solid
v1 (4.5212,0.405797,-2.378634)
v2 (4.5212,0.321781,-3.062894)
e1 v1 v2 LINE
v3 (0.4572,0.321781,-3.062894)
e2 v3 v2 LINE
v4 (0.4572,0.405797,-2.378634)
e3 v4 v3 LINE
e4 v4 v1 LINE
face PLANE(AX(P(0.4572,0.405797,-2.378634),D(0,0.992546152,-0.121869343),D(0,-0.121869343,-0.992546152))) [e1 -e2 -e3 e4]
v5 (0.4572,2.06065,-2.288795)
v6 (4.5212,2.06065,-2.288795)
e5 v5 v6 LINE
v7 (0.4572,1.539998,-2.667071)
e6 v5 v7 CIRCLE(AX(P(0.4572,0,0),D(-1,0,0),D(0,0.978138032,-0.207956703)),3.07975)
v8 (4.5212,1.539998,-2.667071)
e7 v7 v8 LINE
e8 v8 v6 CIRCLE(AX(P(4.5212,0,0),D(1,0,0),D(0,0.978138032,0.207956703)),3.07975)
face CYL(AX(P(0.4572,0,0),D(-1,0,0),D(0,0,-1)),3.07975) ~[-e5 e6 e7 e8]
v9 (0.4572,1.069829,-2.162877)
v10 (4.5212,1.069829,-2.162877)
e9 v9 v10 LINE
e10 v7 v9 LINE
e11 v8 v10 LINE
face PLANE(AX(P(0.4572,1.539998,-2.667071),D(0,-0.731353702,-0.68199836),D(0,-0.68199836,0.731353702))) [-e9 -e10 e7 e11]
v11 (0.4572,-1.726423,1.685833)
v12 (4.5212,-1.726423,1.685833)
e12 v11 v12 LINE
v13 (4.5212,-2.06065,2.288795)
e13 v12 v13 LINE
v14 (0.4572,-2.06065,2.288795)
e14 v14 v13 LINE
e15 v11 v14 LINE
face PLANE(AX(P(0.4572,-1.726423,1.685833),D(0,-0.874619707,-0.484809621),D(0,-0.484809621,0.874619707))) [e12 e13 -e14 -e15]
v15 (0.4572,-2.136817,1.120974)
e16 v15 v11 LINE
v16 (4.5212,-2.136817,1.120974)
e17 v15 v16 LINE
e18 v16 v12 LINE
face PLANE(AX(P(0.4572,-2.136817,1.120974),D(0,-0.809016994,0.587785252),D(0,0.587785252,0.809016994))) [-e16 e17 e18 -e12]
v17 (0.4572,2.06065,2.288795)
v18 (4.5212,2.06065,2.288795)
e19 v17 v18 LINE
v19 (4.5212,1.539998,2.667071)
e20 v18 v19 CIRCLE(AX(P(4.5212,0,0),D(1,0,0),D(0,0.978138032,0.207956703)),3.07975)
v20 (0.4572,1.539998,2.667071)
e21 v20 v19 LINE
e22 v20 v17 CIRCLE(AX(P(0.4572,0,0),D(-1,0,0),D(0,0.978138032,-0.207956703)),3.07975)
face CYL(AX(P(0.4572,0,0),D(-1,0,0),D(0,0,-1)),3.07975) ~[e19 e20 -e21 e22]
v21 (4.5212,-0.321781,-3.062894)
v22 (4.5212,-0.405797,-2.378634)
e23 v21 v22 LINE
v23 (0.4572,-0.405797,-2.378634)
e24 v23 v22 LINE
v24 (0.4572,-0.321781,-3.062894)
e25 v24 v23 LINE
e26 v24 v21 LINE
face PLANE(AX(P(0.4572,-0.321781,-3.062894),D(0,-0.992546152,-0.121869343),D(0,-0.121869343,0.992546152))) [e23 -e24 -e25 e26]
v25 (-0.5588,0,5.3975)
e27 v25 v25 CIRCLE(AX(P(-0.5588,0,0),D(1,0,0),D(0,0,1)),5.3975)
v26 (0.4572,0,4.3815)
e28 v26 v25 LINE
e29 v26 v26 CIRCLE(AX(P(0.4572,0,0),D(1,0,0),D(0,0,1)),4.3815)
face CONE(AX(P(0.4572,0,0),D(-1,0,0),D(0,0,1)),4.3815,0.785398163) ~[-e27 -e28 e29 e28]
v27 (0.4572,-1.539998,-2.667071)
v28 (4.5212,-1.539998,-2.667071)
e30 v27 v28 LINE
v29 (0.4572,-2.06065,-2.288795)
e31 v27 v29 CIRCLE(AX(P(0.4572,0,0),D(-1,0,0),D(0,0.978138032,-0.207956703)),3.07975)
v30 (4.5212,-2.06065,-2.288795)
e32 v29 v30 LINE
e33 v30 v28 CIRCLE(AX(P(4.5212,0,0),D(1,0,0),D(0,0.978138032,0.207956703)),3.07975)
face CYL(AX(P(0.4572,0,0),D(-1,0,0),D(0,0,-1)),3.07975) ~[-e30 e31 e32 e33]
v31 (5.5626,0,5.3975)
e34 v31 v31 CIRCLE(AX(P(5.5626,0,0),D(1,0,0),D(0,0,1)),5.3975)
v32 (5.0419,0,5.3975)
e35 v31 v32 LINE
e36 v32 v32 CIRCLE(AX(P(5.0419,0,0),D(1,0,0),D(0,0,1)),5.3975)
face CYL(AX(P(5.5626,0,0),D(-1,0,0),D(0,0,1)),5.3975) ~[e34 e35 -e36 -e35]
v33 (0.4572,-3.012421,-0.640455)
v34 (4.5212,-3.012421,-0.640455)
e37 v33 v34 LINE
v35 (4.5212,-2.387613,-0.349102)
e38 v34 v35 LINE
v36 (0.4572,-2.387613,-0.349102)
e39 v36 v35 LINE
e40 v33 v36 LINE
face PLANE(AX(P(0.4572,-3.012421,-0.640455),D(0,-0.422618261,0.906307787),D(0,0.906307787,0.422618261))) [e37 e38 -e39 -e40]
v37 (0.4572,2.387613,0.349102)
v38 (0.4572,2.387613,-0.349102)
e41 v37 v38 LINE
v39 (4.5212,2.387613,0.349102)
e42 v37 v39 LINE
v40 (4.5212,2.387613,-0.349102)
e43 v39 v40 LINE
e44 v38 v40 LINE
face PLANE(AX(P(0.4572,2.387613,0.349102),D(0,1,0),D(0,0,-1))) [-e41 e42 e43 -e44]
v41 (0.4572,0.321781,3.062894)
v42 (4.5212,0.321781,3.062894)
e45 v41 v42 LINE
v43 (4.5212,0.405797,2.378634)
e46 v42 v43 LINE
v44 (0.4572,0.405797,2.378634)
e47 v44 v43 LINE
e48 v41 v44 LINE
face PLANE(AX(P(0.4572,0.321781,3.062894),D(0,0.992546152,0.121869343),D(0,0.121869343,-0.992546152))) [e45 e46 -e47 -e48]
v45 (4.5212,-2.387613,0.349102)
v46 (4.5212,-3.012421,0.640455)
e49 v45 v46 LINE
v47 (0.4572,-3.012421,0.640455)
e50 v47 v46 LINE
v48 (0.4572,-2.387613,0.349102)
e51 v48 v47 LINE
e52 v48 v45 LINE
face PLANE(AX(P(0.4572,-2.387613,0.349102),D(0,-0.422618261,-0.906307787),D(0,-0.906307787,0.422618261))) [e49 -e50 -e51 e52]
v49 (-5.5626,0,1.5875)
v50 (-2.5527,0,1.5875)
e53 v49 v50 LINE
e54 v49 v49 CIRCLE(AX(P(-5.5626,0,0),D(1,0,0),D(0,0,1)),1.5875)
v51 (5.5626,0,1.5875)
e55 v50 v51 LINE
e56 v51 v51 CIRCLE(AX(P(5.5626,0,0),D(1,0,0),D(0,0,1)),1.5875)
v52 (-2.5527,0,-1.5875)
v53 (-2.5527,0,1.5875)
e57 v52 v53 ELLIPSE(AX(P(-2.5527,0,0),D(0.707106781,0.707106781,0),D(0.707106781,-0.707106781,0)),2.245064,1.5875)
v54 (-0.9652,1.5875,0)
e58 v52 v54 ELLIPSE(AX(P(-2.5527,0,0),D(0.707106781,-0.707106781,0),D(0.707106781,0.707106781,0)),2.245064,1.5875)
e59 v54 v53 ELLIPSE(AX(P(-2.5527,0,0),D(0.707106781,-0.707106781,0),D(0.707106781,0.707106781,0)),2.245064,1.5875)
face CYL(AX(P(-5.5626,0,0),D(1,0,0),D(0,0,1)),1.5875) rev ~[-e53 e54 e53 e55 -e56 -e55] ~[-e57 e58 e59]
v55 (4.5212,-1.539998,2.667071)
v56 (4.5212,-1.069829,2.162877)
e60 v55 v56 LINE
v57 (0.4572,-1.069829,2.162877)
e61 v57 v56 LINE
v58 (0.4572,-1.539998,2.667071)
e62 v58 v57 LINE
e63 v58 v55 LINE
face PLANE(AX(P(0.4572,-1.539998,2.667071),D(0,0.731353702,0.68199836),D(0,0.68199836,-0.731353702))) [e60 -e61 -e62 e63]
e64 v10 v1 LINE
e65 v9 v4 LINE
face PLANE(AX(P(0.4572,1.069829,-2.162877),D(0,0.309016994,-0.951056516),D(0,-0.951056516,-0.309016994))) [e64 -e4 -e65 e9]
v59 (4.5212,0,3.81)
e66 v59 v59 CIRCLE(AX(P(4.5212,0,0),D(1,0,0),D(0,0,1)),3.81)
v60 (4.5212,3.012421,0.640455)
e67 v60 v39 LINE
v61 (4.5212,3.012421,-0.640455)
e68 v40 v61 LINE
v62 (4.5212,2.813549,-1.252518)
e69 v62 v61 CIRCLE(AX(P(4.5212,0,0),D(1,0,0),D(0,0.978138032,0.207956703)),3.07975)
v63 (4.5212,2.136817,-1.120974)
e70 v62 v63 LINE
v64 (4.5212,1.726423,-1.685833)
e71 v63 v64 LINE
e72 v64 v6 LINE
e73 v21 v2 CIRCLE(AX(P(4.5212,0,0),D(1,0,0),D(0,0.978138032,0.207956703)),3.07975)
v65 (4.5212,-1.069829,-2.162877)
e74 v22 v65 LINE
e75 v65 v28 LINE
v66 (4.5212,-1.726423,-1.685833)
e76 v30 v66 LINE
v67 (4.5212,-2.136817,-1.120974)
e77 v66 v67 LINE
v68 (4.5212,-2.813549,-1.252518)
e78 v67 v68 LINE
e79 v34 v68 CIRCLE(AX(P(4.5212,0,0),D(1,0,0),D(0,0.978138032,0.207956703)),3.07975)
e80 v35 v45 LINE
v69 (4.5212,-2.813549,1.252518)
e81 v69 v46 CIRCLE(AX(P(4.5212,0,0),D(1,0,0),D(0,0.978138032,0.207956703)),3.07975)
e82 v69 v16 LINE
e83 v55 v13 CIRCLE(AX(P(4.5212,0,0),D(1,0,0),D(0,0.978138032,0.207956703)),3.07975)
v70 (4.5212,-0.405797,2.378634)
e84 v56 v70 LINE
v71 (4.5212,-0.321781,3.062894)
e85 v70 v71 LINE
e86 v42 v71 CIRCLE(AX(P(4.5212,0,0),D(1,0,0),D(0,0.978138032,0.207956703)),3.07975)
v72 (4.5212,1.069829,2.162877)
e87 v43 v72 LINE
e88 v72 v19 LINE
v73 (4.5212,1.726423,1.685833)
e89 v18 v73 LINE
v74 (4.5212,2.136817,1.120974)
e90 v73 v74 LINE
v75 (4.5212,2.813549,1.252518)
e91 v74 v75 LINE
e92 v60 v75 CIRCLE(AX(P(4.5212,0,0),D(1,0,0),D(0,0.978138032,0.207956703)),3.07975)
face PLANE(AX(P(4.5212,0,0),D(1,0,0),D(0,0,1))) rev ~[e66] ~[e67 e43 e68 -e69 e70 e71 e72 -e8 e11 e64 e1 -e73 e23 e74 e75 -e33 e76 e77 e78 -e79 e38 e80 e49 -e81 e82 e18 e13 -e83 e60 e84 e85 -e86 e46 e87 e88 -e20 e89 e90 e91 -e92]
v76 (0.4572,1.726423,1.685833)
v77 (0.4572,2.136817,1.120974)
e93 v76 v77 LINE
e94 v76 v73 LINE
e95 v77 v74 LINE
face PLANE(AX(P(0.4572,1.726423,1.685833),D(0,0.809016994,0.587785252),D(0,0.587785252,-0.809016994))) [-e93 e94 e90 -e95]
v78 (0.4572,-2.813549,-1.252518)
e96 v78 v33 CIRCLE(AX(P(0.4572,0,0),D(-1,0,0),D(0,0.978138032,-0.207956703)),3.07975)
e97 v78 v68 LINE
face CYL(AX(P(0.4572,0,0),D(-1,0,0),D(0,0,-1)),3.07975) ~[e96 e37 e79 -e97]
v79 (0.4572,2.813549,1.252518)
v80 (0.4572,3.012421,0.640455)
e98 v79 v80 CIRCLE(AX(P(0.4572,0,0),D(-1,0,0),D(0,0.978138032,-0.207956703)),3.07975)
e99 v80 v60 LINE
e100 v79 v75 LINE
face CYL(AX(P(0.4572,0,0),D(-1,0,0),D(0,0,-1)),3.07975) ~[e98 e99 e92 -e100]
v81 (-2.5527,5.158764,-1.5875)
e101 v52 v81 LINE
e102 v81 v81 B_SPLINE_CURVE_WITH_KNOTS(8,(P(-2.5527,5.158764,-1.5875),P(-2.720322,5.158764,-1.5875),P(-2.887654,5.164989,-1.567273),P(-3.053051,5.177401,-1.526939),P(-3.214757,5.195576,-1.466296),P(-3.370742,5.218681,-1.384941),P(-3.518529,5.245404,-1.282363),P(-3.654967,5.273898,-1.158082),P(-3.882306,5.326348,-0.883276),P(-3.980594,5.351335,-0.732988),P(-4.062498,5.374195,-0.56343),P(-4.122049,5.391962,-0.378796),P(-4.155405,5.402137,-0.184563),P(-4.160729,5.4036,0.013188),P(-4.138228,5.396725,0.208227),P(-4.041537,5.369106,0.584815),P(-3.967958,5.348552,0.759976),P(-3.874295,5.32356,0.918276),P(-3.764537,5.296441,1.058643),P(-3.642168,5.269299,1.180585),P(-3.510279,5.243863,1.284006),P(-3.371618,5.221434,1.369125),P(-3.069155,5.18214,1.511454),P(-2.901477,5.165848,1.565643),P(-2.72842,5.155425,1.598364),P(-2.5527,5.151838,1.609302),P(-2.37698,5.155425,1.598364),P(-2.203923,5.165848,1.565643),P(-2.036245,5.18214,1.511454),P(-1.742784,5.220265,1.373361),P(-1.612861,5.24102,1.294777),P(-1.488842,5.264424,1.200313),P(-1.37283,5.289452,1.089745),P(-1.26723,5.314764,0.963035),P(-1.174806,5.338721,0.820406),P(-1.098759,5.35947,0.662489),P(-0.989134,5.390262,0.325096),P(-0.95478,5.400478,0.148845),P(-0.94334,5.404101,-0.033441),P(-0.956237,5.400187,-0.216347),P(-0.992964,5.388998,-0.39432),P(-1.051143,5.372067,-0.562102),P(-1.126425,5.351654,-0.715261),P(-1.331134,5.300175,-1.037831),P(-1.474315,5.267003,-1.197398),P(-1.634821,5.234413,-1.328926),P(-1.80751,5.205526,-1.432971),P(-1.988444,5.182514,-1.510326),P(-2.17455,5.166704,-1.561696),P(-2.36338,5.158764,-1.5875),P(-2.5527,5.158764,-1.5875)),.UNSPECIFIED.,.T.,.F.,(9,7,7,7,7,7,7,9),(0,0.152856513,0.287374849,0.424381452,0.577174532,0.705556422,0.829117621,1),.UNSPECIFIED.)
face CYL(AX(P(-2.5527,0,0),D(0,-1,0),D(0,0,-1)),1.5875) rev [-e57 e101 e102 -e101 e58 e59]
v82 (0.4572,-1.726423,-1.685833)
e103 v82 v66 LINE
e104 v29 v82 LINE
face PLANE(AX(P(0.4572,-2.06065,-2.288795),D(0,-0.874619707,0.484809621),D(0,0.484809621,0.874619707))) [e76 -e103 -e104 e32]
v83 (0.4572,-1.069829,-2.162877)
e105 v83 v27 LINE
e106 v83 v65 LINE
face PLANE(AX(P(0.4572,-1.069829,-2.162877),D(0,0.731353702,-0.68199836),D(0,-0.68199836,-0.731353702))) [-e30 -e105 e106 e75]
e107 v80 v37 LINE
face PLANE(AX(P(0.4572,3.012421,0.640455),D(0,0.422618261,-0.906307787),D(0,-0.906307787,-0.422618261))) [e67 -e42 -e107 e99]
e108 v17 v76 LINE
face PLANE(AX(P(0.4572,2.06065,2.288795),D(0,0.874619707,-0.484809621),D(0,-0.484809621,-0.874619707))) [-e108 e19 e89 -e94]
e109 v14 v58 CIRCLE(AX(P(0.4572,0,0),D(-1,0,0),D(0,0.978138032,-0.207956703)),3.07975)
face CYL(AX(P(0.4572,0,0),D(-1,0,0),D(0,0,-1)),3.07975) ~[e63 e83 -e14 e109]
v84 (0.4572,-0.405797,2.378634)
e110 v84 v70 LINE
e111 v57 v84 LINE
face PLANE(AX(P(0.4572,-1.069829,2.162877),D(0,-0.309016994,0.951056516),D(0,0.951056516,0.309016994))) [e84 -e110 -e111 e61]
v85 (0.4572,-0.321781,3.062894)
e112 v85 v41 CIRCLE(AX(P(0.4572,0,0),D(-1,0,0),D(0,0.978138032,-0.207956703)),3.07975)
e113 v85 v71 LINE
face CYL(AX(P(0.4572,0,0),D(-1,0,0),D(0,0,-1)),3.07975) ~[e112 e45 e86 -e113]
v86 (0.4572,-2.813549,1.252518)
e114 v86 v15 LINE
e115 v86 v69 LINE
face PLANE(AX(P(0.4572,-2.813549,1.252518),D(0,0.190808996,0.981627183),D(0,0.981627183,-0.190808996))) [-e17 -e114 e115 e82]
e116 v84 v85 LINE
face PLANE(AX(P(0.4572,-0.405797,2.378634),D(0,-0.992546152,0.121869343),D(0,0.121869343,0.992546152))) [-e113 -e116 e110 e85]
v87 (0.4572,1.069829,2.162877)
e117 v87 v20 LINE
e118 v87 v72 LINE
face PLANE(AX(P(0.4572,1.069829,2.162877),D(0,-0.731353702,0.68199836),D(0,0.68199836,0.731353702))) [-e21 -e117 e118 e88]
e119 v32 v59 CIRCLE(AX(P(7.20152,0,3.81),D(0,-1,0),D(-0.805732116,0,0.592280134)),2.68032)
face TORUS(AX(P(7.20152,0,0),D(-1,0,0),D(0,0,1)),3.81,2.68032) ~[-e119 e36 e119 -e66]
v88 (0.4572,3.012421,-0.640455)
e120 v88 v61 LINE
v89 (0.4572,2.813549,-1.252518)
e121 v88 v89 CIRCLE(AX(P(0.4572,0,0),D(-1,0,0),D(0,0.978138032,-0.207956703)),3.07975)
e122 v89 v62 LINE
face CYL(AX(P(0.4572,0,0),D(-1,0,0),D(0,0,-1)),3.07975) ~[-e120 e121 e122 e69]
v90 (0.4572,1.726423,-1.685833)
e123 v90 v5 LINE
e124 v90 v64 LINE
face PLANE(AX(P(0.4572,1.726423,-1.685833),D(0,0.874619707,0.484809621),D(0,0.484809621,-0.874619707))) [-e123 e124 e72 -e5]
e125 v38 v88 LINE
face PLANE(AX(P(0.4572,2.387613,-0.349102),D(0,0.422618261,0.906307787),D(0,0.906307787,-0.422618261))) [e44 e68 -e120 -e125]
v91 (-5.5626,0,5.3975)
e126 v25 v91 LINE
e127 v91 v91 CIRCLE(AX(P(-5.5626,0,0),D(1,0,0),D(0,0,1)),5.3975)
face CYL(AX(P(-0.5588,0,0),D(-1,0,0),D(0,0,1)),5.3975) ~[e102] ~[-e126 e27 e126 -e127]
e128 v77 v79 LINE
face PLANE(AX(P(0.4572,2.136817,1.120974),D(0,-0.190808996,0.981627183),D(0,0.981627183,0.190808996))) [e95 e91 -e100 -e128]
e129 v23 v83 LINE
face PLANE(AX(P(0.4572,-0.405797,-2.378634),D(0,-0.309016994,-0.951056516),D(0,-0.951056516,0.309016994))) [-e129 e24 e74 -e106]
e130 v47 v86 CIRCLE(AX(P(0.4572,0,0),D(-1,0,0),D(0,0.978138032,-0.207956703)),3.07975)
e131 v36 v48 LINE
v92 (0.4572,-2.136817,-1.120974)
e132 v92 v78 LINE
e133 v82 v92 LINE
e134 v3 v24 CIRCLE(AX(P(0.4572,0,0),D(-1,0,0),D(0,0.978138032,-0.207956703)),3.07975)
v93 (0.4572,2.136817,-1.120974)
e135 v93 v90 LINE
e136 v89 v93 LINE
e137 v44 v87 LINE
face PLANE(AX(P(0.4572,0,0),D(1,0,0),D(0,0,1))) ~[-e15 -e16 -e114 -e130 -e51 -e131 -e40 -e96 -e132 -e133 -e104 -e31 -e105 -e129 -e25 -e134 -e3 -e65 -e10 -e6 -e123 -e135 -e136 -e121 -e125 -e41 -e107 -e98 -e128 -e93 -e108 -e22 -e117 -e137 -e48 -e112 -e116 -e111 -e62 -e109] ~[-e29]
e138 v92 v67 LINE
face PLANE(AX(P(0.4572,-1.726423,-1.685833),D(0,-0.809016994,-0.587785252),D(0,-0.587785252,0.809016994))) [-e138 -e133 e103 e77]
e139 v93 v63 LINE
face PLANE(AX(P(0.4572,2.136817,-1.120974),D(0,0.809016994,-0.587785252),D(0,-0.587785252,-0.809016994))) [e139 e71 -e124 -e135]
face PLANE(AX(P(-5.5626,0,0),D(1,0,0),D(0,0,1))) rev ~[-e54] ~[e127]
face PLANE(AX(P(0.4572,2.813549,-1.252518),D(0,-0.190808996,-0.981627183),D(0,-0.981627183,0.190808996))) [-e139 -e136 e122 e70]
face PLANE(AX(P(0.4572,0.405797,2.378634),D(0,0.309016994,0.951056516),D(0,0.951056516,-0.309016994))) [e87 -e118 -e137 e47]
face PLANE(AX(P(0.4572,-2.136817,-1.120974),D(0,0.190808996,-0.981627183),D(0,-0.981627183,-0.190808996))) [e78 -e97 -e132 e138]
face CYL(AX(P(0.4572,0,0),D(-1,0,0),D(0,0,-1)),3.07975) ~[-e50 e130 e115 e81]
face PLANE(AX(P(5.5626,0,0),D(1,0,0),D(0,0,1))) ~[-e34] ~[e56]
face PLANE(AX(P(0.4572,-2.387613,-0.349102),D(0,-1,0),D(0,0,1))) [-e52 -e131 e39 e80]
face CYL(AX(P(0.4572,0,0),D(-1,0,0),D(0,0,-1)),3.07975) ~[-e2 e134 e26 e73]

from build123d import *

# Parameters (mm, degrees)
SKETCH4_R          = 3.2385
SKETCH4_R_2        = 3.07975
CUT_EXTRUDE2_DEPTH = 4.064
CUT_EXTRUDE1_DEPTH = 4.064
CIRPATTERN1_COUNT  = 10
SKETCH6_R          = 1.5875
CUT_EXTRUDE3_DEPTH = 10.4450268


with BuildPart() as part:
    # Sketch1 → Revolve1 (revolve)
    with BuildSketch(Plane.XY, mode=Mode.PRIVATE) as revolve1_sk:
        with BuildLine():
            Line((-5.5626, 1.5875), (5.5626, 1.5875))
            Line((5.5626, 1.5875), (5.5626, 5.3975))
            Line((5.5626, 5.3975), (5.0419, 5.3975))
            ThreePointArc((5.0419, 5.3975), (4.654699632, 4.645356921), (4.5212, 3.81))
            Line((4.5212, 3.81), (4.5212, 3.2385))
            Line((4.5212, 3.2385), (0.4572, 3.2385))
            Line((0.4572, 3.2385), (0.4572, 4.3815))
            Line((0.4572, 4.3815), (-0.5588, 5.3975))
            Line((-0.5588, 5.3975), (-5.5626, 5.3975))
            Line((-5.5626, 5.3975), (-5.5626, 1.5875))
        make_face()
    revolve(revolve1_sk.sketch.rotate(Axis((-5.5626, 0, 0), (1, 0, 0)), 90), axis=Axis((-5.5626, 0, 0), (1, 0, 0)))

    # Sketch4 → Cut-Extrude2 (cut)
    with BuildSketch(Plane(origin=(0.4572, 0, 0), x_dir=(0, 0, -1), z_dir=(1, 0, 0))):
        Circle(SKETCH4_R)
        Circle(SKETCH4_R_2, mode=Mode.SUBTRACT)
    extrude(amount=CUT_EXTRUDE2_DEPTH, mode=Mode.SUBTRACT)

    # Sketch3 → Cut-Extrude1 (cut)
    with BuildSketch(Plane(origin=(0.4572, 0, 0), x_dir=(0, 0, -1), z_dir=(1, 0, 0))):
        with BuildLine():
            Line((-0.640454656, 3.012420604), (-0.349102168, 2.387613176))
            Line((-0.349102168, 2.387613176), (0.349102168, 2.387613176))
            Line((0.349102168, 2.387613176), (0.640454656, 3.012420604))
            ThreePointArc((0.640454656, 3.012420604), (0, 3.07975), (-0.640454656, 3.012420604))
        make_face()
    cut_extrude1 = extrude(amount=CUT_EXTRUDE1_DEPTH, mode=Mode.SUBTRACT)

    # CirPattern1: Cut-Extrude1 ×10 about axis
    cirpattern1_axis = Axis((0, 0, 0), (1, 0, 0))
    for i in range(1, CIRPATTERN1_COUNT):
        add(cut_extrude1.rotate(cirpattern1_axis, i * 360 / CIRPATTERN1_COUNT), mode=Mode.SUBTRACT)

    # Sketch6 → Cut-Extrude3 (cut, through all)
    with BuildSketch(Plane(origin=(0, 0, 0), x_dir=(1, 0, 0), z_dir=(0, 1, 0))):
        with Locations(Location((-2.5527, 0, 0), (0, 0, 90))):
            Circle(SKETCH6_R)
    extrude(amount=CUT_EXTRUDE3_DEPTH, mode=Mode.SUBTRACT)


solid = part.part
